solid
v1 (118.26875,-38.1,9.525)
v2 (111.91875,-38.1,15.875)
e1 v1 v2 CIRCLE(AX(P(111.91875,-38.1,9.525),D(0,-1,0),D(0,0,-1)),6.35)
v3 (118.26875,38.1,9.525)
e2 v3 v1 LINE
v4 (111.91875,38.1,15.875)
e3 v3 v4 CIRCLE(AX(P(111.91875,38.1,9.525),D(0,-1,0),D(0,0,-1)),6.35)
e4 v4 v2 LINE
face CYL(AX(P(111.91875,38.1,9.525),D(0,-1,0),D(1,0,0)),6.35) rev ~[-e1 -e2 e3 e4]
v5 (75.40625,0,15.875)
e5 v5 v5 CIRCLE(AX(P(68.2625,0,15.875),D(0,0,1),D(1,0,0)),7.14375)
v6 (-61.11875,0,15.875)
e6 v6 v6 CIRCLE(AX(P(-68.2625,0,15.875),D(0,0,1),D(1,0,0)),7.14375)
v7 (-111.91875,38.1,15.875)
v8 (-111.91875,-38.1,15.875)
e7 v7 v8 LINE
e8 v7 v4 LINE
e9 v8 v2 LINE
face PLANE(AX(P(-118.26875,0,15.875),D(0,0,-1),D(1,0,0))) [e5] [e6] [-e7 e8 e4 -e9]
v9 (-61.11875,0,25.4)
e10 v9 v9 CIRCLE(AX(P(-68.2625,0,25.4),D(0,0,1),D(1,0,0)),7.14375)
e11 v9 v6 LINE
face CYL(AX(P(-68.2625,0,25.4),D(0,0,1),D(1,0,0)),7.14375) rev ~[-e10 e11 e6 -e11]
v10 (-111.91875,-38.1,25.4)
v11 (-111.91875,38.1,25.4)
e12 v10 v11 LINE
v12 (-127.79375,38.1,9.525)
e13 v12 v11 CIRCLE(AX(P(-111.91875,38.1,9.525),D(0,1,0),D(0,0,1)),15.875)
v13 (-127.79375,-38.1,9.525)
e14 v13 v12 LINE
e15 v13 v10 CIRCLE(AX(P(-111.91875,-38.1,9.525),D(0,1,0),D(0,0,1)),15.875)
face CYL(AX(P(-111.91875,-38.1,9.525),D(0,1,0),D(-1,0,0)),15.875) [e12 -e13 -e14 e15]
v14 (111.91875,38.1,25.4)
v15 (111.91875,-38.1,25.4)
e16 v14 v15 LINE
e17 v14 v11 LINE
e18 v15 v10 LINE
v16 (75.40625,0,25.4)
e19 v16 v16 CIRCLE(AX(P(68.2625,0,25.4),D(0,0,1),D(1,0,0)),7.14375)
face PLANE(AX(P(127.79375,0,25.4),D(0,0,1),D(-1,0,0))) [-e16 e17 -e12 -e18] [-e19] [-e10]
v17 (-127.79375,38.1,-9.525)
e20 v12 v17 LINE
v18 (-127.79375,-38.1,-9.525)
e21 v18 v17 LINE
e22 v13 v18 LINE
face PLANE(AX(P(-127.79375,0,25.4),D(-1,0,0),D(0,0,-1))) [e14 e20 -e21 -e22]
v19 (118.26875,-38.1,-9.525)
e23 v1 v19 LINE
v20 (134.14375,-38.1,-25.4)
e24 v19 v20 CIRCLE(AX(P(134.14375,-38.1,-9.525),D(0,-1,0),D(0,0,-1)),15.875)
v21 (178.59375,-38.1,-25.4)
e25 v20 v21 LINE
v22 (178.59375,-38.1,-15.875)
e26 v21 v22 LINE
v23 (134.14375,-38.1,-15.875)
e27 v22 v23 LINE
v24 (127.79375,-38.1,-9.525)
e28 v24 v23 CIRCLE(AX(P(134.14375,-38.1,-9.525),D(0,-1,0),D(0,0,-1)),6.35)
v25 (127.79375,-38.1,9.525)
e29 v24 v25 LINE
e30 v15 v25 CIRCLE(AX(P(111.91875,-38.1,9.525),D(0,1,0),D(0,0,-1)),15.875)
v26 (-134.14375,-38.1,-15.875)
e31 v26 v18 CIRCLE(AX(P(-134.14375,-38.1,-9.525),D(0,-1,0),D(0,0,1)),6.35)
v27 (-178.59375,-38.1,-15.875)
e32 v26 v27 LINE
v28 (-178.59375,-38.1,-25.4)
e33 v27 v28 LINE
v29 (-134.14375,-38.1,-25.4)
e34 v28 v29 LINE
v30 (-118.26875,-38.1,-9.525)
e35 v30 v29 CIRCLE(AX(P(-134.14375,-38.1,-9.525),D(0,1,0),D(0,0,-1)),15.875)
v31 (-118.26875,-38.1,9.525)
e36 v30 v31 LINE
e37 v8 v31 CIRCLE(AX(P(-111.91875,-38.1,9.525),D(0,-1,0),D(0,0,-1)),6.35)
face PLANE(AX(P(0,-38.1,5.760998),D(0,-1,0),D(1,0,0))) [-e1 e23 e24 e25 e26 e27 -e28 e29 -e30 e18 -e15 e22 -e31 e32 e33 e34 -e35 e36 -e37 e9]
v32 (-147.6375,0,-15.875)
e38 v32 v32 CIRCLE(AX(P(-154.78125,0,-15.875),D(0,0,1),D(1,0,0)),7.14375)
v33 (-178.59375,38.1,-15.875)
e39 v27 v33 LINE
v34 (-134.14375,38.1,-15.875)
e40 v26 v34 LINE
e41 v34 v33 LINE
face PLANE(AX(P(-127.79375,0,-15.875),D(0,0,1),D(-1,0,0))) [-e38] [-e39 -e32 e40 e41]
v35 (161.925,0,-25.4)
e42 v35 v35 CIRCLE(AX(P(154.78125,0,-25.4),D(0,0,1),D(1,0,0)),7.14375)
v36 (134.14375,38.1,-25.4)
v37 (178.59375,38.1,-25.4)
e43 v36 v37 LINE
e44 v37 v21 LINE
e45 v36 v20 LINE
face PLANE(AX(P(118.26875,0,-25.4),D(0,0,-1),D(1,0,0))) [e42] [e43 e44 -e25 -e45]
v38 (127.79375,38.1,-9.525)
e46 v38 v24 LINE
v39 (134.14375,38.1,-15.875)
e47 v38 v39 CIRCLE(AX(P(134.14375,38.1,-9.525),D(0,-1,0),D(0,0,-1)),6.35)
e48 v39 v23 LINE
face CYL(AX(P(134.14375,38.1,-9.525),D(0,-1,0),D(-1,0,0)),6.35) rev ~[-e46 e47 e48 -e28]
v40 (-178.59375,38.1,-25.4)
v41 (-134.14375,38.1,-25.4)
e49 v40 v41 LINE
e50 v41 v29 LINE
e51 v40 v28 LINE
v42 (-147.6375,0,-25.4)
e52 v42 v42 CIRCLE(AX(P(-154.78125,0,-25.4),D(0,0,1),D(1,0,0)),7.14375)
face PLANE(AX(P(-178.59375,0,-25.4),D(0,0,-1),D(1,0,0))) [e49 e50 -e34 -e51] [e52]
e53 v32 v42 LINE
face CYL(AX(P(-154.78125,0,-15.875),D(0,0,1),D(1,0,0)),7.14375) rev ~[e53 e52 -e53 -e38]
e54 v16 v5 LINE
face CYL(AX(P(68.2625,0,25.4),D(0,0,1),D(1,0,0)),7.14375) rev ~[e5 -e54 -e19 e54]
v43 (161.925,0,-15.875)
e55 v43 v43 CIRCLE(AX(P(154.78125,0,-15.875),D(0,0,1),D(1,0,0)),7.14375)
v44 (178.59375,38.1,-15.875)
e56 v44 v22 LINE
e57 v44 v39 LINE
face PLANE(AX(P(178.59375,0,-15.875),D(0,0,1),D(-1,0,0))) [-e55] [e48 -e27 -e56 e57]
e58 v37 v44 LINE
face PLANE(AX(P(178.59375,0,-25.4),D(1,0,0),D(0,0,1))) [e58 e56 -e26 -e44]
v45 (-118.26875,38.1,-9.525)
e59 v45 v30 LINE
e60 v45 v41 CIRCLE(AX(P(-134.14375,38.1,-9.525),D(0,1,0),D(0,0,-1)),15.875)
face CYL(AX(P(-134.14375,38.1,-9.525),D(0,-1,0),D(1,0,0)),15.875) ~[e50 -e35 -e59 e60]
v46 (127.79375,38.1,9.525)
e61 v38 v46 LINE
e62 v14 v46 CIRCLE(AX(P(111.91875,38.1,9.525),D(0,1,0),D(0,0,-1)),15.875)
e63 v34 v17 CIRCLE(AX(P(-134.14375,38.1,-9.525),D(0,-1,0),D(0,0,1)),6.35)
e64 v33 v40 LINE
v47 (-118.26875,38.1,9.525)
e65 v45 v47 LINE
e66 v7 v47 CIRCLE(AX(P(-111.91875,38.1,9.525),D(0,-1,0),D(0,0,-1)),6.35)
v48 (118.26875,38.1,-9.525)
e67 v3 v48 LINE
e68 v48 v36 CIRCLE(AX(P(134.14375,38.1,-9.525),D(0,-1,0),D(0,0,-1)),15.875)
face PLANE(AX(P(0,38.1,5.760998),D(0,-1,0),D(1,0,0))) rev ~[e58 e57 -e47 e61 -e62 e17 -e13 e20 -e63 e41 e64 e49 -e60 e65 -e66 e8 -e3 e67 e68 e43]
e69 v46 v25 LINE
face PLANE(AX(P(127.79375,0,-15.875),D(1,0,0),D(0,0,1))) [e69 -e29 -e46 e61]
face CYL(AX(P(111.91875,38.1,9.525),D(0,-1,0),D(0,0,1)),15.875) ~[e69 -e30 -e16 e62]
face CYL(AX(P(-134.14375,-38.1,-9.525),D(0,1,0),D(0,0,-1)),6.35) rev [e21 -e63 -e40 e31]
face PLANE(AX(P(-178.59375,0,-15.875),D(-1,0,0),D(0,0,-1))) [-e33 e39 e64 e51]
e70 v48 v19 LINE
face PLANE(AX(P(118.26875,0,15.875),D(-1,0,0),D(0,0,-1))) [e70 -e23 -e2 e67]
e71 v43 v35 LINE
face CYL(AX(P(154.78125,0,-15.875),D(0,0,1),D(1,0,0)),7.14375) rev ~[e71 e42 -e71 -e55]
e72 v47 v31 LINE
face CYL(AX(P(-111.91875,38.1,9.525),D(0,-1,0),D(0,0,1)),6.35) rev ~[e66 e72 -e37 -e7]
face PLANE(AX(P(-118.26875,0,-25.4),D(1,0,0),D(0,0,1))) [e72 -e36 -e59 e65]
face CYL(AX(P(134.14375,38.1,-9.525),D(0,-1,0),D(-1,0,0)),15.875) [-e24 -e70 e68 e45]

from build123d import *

# Parameters (mm, degrees)
F1_DEPTH = 38.1
F2_R     = 6.35
F3_R     = 15.875
F4_R     = 7.14375
F5_DEPTH = 25.4
F6_R     = 7.14375
F7_DEPTH = 25.4


with BuildPart() as f1:
    # F0 (on Front) → F1 (new body, symmetric)
    with BuildSketch(Plane.XZ):
        Polygon((-178.59375, -15.875), (-178.59375, -25.4), (-118.26875, -25.4), (-118.26875, 15.875), (118.26875, 15.875), (118.26875, -25.4), (178.59375, -25.4), (178.59375, -15.875), (127.79375, -15.875), (127.79375, 25.4), (-127.79375, 25.4), (-127.79375, -15.875), align=None)
    extrude(amount=F1_DEPTH, both=True)

    # F2
    f2_edges = [f1.edges().sort_by_distance(p)[0] for p in [
        (-127.79375, 0, -15.875),
        (-118.26875, 0, 15.875),
        (118.26875, 0, 15.875),
        (127.79375, 0, -15.875),
    ]]
    fillet(f2_edges, radius=F2_R)

    # F3
    f3_edges = [f1.edges().sort_by_distance(p)[0] for p in [
        (-127.79375, 0, 25.4),
        (127.79375, 0, 25.4),
        (118.26875, 0, -25.4),
        (-118.26875, 0, -25.4),
    ]]
    fillet(f3_edges, radius=F3_R)

    # F4 (on face) → F5 (cut)
    with BuildSketch(Plane.XY.offset(25.4)):
        with Locations((-68.2625, 0)):
            Circle(F4_R)
        with Locations((68.2625, 0)):
            Circle(F4_R)
    extrude(amount=-F5_DEPTH, mode=Mode.SUBTRACT)

    # F6 (on face) → F7 (cut)
    with BuildSketch(Plane.XY.offset(-15.875)):
        with Locations((-154.78125, 0)):
            Circle(F6_R)
        with Locations((154.78125, 0)):
            Circle(F6_R)
    extrude(amount=-F7_DEPTH, mode=Mode.SUBTRACT)


solid = f1.part
